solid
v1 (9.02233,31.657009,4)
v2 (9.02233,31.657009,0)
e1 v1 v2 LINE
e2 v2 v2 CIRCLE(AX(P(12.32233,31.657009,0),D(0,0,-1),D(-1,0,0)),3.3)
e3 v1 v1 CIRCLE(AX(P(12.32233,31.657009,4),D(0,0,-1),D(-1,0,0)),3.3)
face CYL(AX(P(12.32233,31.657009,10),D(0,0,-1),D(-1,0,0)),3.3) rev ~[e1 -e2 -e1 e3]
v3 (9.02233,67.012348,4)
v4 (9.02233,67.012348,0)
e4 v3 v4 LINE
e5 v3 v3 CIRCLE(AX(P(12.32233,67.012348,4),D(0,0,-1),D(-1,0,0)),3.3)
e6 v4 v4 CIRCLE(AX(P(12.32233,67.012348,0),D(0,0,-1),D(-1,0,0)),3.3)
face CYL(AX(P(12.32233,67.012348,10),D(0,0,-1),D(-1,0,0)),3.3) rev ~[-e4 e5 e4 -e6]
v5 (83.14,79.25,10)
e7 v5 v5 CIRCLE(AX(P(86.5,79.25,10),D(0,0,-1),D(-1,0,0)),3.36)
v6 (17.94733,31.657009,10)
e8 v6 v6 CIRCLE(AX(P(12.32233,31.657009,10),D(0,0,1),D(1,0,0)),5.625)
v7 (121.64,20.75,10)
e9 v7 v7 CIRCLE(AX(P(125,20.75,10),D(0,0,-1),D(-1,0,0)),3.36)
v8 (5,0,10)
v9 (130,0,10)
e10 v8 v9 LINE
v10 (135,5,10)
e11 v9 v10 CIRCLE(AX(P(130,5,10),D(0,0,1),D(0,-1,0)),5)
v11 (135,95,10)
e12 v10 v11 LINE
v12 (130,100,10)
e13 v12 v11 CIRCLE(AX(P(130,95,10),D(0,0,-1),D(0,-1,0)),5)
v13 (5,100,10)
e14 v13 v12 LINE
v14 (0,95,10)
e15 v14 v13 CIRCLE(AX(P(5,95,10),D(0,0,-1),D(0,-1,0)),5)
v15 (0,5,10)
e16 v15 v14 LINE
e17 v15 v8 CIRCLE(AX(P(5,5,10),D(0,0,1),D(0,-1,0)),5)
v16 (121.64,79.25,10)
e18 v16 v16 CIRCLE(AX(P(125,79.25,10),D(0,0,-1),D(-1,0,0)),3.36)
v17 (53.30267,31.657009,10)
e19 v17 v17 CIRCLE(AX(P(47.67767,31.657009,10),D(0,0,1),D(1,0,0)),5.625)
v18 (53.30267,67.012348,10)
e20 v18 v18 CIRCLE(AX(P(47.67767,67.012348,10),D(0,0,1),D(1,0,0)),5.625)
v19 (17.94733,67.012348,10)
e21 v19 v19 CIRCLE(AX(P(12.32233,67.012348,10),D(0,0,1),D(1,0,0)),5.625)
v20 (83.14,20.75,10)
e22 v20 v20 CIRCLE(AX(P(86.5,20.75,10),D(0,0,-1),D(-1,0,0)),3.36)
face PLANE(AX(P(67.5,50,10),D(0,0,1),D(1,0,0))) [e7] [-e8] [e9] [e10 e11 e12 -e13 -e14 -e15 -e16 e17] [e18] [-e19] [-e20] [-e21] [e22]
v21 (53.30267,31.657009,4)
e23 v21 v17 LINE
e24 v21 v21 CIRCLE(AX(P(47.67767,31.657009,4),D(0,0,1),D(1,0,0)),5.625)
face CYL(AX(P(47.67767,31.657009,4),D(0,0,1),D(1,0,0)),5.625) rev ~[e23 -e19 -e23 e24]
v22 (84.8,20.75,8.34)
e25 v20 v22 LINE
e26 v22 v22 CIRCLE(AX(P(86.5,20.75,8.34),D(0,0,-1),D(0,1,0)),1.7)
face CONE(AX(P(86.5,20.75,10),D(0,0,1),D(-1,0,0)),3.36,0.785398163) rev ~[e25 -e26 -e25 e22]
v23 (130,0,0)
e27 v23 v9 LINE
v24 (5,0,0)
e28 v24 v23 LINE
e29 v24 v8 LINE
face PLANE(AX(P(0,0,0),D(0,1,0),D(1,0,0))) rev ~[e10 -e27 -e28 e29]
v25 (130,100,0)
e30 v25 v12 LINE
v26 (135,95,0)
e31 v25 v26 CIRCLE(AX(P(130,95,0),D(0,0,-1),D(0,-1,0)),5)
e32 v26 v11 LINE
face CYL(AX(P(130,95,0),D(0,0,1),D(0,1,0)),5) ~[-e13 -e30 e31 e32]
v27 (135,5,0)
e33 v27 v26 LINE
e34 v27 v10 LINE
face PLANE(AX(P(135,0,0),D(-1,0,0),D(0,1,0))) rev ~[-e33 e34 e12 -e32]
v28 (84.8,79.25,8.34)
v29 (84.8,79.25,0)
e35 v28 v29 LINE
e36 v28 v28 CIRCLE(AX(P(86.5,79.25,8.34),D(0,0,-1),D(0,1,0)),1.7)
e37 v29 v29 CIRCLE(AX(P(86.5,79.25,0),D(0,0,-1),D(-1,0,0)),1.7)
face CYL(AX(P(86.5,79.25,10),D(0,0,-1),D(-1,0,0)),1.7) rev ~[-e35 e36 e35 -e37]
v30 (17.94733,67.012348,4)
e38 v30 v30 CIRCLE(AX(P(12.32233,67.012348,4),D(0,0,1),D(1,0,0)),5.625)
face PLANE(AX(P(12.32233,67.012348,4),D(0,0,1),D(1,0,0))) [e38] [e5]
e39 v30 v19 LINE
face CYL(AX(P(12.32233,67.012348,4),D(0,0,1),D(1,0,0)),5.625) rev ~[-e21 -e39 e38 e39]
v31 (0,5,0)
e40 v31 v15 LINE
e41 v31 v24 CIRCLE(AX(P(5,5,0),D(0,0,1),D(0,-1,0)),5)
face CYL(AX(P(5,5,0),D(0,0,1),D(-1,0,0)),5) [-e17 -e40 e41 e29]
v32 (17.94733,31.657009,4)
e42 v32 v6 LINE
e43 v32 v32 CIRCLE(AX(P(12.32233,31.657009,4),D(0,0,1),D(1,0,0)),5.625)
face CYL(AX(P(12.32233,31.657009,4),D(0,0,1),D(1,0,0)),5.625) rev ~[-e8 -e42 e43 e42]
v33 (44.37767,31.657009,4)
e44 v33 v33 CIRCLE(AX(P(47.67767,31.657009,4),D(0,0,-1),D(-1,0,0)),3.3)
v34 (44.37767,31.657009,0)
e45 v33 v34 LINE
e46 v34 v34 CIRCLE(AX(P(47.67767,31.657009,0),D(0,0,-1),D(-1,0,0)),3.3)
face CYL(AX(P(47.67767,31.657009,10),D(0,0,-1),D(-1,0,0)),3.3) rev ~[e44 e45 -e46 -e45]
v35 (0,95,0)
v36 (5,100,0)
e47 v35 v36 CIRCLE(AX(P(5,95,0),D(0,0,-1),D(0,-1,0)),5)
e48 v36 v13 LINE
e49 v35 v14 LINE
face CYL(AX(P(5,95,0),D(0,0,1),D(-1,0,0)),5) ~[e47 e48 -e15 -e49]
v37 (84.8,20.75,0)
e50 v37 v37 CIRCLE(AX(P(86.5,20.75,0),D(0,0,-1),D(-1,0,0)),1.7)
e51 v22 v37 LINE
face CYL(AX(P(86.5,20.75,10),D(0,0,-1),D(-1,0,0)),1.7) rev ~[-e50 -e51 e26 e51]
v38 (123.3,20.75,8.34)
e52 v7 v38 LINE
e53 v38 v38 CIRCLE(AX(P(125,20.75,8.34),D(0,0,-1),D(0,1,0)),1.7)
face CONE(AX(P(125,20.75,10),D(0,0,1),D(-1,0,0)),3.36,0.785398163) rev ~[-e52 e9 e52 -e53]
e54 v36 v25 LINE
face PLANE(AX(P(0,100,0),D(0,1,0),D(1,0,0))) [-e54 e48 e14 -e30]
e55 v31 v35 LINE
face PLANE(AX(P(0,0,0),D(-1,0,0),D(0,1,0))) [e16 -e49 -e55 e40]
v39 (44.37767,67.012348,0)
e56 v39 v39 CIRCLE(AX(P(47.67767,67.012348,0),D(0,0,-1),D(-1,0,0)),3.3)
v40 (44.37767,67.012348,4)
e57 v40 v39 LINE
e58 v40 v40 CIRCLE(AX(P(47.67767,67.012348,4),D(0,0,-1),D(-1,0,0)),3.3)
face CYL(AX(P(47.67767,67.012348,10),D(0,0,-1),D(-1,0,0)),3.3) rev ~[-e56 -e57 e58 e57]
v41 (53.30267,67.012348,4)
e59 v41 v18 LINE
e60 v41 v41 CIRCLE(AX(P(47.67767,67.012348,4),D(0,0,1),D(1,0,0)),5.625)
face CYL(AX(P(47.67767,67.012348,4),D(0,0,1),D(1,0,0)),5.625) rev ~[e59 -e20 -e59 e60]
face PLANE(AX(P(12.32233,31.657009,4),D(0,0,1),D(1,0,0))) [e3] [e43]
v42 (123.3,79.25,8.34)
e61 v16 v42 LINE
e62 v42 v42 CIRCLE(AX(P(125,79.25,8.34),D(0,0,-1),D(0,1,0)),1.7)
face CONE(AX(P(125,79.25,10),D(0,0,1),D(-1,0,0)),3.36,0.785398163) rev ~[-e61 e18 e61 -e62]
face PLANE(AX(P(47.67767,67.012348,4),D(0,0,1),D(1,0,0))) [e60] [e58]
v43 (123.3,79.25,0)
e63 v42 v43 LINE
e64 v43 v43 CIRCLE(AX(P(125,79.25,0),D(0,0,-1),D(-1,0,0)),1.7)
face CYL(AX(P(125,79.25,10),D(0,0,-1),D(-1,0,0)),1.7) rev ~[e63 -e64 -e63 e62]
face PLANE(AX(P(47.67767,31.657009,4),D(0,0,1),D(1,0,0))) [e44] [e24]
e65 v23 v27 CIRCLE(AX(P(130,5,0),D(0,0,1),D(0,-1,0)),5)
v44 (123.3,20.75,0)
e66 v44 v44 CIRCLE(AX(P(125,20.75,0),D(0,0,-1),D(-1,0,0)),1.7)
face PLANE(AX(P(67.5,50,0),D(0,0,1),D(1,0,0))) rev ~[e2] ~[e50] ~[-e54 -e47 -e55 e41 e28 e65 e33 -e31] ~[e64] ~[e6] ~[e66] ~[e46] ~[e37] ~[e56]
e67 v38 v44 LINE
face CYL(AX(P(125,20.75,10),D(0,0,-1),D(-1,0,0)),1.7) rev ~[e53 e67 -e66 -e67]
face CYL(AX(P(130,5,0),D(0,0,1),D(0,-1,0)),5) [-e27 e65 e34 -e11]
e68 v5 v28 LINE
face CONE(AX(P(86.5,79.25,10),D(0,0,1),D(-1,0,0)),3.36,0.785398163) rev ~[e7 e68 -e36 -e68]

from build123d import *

# Parameters (mm, degrees)
F0_W           = 135
F0_H           = 100
F1_DEPTH       = 10
F4_D           = 6.6
F4_CBORE_D     = 11.25
F4_CBORE_DEPTH = 6
F5_R           = 5
F7_D           = 3.4
F7_CSINK_D     = 6.72
F7_CSINK_ANGLE = 90


with BuildPart() as f1:
    # F0 (on Top) → F1 (new body)
    with BuildSketch(Plane.XY):
        with Locations((67.5, 50)):
            Rectangle(F0_W, F0_H)
    extrude(amount=F1_DEPTH)

    # F4 (through all)
    with Locations(Plane.XY.offset(10)):
        with Locations((12.3223304703, 67.0123483286), (47.6776695297, 67.0123483286), (47.6776695297, 31.6570092693), (12.3223304703, 31.6570092693)):
            CounterBoreHole(F4_D / 2, F4_CBORE_D / 2, F4_CBORE_DEPTH)

    # F5
    f5_edges = [f1.edges().sort_by_distance(p)[0] for p in [
        (0, 100, 5),
        (135, 100, 5),
        (135, 0, 5),
        (0, 0, 5),
    ]]
    fillet(f5_edges, radius=F5_R)

    # F7 (through all)
    with Locations(Plane.XY.offset(10)):
        with Locations((86.5, 20.75), (86.5, 79.25), (125, 79.25), (125, 20.75)):
            CounterSinkHole(F7_D / 2, F7_CSINK_D / 2, counter_sink_angle=F7_CSINK_ANGLE)


solid = f1.part
